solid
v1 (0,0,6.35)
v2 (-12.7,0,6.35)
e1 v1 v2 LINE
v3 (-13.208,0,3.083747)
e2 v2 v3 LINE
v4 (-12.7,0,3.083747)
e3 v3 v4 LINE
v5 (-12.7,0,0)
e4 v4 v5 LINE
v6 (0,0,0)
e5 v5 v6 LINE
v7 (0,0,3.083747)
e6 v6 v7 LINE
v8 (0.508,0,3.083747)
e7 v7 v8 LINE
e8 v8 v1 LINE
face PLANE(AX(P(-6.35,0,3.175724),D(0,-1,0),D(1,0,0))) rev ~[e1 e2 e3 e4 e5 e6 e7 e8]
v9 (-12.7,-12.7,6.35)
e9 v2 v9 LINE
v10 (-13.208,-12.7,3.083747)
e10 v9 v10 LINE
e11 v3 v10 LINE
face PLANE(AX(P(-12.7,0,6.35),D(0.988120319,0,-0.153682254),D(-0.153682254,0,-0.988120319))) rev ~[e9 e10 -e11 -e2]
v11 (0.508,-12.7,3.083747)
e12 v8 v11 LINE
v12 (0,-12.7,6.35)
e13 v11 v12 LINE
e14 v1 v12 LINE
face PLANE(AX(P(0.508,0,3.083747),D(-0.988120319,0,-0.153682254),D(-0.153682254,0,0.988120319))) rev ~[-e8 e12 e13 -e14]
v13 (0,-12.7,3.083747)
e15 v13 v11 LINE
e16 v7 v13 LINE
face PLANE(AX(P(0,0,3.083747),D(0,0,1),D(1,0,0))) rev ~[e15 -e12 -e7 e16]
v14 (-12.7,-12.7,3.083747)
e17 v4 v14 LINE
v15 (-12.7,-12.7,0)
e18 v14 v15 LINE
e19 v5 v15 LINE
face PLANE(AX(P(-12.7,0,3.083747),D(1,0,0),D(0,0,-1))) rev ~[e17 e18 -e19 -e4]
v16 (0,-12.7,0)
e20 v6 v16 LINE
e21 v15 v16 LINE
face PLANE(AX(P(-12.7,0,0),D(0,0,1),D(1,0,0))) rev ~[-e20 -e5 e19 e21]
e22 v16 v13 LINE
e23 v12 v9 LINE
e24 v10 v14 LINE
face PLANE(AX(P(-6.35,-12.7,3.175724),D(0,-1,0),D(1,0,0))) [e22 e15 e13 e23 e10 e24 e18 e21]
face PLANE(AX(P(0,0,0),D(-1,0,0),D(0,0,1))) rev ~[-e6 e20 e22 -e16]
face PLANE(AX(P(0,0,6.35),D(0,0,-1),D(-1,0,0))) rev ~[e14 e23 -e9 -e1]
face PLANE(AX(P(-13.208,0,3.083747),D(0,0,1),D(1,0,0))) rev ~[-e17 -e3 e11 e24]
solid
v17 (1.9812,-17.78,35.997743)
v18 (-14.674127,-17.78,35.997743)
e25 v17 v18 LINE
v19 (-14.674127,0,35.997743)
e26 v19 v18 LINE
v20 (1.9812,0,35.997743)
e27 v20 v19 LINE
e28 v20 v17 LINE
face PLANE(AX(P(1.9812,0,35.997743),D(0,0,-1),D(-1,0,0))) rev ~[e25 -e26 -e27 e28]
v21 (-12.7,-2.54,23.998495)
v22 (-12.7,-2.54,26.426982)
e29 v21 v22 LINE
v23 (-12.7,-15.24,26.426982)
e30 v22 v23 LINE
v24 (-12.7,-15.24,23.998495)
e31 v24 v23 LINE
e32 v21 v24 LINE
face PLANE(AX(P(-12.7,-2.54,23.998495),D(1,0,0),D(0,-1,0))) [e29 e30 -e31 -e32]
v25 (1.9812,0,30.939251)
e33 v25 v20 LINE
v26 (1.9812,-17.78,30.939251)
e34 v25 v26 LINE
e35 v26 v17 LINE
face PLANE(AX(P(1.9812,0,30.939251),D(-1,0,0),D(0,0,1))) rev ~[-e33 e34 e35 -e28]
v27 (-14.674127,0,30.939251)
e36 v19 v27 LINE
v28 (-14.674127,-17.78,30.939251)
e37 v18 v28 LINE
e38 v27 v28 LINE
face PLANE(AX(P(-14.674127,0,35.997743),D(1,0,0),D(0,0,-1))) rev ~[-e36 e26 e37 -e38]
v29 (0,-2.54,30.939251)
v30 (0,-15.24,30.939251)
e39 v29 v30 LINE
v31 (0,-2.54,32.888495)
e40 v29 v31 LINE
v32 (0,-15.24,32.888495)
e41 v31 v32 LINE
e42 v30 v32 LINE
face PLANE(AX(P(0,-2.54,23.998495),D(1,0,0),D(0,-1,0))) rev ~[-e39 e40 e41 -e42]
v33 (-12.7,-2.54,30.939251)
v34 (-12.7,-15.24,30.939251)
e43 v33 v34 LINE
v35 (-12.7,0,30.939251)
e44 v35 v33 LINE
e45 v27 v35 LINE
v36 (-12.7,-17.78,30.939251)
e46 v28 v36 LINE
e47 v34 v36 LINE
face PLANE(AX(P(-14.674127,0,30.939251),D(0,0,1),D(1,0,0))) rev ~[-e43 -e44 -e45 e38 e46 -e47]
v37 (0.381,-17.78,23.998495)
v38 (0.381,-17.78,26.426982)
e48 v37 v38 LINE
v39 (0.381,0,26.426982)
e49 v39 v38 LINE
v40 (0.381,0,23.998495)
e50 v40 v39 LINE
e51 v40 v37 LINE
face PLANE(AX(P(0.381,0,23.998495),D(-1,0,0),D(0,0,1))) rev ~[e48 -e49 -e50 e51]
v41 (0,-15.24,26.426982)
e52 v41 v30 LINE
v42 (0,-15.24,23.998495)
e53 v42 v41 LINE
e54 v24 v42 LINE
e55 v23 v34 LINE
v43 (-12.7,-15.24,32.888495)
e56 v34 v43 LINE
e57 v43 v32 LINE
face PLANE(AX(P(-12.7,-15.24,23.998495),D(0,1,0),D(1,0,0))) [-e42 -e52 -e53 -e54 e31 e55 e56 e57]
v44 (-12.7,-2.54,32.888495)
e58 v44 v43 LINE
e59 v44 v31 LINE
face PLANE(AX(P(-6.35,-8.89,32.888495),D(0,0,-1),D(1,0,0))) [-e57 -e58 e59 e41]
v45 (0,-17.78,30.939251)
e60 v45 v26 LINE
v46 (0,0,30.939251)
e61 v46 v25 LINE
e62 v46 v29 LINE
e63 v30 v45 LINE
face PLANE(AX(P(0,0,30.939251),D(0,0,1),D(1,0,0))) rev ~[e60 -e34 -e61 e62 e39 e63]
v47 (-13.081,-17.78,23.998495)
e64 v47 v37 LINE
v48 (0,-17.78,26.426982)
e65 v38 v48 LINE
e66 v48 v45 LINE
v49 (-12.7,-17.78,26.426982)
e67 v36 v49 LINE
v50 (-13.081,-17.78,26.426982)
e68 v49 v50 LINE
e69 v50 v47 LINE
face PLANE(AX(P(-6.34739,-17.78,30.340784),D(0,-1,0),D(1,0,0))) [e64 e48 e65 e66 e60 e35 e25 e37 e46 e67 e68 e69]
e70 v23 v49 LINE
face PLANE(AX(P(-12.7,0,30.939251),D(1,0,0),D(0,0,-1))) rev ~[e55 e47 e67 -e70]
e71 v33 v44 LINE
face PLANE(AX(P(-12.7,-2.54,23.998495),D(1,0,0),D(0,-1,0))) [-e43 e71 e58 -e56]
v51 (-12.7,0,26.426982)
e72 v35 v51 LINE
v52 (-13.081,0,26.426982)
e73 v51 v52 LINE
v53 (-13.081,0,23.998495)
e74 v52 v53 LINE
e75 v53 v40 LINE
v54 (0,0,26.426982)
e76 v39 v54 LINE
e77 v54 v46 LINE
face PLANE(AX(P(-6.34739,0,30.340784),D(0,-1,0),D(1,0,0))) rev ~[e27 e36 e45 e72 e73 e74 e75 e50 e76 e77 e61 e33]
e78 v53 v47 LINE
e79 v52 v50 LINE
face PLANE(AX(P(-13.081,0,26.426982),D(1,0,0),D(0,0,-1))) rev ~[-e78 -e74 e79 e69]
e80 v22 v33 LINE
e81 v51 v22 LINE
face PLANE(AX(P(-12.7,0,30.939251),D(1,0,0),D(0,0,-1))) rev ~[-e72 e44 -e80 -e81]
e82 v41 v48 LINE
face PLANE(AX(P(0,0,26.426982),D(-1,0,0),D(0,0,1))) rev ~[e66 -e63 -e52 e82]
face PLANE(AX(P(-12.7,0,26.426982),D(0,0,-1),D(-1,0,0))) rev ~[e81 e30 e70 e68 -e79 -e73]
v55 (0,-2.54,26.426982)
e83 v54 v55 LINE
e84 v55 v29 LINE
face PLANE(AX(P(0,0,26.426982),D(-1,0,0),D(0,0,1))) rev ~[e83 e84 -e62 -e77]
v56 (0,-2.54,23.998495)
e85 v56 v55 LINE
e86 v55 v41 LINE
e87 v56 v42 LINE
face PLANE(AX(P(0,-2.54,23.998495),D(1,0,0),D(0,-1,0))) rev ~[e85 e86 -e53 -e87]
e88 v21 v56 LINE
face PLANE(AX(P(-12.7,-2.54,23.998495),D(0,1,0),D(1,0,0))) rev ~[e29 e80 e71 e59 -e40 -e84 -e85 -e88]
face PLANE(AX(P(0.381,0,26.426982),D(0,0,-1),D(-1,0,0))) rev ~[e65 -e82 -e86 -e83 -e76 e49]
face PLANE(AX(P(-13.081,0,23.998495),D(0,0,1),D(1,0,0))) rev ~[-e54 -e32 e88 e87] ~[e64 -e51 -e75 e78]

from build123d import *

# Parameters (mm, degrees)
F1_DEPTH = 12.7
F3_DEPTH = 17.78
F4_W     = 12.7
F4_H     = 12.7
F5_DEPTH = 8.89


with BuildPart() as f1:
    # F0 (on Front) → F1 (new body)
    with BuildSketch(Plane.XZ):
        Polygon((-12.7, 0), (0, 0), (0, 3.083747), (0.508, 3.083747), (0, 6.35), (-12.7, 6.35), (-13.208, 3.083747), (-12.7, 3.083747), align=None)
    extrude(amount=F1_DEPTH)


with BuildPart() as f3:
    # F2 (on Front) → F3 (new body)
    with BuildSketch(Plane.XZ):
        Polygon((-12.7, 23.998495), (0, 23.998495), (0.381, 23.998495), (0.381, 26.426982), (0, 26.426982), (0, 30.939251), (1.9812, 30.939251), (1.9812, 35.997743), (-14.674127, 35.997743), (-14.674127, 30.939251), (-12.7, 30.939251), (-12.7, 26.426982), (-13.081, 26.426982), (-13.081, 23.998495), align=None)
    extrude(amount=F3_DEPTH)

    # F4 (on face) → F5 (cut)
    with BuildSketch(Plane(origin=(0, 0, 23.998495), x_dir=(1, 0, 0), z_dir=(0, 0, -1))):
        with Locations((-6.35, 8.89)):
            Rectangle(F4_W, F4_H)
    extrude(amount=-F5_DEPTH, mode=Mode.SUBTRACT)


solid = Compound([f1.part, f3.part])
